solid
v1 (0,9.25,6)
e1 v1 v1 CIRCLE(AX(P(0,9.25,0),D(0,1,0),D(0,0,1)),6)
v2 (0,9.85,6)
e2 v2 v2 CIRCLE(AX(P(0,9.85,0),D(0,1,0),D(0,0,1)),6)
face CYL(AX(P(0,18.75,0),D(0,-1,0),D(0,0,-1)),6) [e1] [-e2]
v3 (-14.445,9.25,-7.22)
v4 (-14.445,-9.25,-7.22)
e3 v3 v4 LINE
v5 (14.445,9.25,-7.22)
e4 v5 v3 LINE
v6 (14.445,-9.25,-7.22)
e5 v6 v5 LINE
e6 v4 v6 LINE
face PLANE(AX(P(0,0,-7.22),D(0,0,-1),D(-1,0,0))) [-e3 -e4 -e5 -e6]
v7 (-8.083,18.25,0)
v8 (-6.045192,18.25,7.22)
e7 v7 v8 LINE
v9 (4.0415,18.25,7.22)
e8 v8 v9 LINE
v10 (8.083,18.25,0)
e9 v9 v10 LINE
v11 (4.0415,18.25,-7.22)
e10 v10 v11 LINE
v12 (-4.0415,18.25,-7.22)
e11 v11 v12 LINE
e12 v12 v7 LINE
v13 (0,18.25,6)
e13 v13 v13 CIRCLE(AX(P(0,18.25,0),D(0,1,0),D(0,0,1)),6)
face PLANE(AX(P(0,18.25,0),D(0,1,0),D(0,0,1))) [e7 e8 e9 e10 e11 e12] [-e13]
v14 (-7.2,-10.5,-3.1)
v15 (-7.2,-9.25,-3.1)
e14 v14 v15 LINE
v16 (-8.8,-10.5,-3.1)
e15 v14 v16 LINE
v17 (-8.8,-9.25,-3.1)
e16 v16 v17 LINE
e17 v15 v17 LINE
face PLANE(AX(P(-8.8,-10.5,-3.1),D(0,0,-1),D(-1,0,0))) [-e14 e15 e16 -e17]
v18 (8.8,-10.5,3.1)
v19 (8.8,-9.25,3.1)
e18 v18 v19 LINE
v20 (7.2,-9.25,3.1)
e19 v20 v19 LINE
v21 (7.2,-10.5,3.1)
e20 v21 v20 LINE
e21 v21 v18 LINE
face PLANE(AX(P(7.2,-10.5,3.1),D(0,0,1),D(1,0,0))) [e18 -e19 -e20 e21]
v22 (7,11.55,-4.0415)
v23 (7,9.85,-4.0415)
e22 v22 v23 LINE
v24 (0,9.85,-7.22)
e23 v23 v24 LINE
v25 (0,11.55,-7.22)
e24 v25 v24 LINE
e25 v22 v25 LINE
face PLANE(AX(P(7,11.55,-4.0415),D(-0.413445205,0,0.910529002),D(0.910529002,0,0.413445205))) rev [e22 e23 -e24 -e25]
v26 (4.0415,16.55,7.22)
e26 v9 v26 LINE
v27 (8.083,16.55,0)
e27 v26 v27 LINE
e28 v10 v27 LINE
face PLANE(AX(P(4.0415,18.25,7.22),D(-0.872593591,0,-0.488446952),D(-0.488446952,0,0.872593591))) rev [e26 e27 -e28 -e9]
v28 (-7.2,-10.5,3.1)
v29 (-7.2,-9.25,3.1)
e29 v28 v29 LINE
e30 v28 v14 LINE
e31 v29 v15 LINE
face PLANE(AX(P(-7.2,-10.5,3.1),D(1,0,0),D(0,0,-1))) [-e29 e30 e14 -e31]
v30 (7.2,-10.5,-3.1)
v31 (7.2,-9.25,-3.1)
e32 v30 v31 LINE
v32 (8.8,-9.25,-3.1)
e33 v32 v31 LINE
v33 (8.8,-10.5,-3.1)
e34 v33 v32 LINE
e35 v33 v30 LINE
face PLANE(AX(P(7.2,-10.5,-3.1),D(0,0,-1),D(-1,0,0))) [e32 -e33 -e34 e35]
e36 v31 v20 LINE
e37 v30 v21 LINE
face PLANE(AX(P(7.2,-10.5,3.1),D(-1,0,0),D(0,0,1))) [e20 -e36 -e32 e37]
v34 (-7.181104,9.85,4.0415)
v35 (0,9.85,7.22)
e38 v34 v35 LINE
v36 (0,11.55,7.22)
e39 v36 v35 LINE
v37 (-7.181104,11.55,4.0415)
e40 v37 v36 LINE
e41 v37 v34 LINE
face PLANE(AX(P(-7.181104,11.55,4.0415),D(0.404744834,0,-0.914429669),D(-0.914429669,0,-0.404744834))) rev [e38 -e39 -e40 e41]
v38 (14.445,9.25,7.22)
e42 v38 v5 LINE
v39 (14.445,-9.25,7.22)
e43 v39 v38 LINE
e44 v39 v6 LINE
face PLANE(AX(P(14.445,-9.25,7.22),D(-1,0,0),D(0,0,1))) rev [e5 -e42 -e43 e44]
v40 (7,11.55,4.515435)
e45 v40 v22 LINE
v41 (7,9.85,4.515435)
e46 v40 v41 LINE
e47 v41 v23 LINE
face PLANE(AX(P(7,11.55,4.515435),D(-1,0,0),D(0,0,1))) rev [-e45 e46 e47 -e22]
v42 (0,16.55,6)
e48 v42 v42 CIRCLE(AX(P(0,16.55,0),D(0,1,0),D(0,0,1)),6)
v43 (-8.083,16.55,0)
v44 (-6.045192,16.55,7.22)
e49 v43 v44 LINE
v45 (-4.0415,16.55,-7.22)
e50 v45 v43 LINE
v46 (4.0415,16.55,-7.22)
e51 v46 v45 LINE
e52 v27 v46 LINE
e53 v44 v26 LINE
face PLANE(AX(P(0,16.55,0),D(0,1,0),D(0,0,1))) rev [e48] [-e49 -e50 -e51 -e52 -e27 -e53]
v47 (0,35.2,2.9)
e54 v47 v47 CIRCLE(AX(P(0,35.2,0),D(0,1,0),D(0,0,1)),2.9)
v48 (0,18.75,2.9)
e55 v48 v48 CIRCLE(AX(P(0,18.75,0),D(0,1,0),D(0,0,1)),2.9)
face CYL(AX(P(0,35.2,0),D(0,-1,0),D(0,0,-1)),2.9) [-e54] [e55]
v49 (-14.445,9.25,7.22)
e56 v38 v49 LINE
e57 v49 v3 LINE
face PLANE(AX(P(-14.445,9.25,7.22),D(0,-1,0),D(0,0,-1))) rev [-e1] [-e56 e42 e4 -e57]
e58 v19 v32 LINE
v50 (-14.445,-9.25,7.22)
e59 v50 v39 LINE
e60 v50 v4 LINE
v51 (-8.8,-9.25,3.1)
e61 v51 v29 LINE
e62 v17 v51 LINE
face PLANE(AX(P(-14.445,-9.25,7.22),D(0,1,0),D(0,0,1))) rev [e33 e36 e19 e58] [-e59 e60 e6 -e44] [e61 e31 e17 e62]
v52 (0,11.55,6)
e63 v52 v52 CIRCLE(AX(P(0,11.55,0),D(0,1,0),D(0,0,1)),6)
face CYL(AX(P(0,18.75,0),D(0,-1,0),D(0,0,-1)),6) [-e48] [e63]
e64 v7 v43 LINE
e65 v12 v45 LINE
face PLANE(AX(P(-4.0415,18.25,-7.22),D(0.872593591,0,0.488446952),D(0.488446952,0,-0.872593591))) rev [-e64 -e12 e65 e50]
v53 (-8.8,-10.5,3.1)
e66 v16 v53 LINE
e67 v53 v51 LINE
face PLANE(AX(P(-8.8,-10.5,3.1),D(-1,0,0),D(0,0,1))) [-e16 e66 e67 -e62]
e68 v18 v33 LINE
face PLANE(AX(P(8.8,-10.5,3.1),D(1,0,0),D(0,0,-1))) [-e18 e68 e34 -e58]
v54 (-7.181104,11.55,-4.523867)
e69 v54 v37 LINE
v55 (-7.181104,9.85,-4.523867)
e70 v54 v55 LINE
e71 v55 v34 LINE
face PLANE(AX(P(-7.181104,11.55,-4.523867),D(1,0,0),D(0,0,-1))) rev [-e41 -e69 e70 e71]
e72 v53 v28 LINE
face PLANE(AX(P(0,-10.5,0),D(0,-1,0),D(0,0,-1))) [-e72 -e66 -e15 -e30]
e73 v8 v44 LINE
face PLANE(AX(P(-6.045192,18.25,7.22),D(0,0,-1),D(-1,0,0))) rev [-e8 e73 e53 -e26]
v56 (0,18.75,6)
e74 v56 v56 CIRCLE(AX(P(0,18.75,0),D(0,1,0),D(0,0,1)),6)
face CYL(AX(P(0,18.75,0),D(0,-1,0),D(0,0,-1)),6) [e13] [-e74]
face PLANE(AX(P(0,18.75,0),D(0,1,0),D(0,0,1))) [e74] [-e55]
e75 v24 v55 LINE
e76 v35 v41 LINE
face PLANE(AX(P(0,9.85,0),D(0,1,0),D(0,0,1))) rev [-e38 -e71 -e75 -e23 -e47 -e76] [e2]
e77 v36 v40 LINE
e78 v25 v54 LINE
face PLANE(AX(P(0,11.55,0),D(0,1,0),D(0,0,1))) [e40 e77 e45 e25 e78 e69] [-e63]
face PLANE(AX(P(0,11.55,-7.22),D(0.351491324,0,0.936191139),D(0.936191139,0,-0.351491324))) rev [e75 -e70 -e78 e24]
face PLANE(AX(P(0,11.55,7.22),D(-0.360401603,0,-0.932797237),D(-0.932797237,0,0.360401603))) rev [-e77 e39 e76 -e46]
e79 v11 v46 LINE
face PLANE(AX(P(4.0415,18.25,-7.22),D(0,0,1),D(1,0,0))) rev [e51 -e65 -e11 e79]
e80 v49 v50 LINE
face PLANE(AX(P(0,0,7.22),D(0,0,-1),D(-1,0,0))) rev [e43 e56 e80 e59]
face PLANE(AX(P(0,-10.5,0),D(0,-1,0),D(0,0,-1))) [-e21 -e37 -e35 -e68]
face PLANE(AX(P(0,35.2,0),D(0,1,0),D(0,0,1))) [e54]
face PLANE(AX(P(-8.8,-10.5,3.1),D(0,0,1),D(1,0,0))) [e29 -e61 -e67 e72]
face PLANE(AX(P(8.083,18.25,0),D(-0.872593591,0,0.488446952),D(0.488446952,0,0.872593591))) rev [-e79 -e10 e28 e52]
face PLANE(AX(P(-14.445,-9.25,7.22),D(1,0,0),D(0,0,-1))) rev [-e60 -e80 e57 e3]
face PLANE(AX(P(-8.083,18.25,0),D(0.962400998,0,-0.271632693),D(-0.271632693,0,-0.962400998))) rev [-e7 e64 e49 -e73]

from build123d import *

# Parameters (mm, degrees)
BODYPROFILE_W         = 28.89
BODYPROFILE_H         = 18.5
BODYBOSS_DEPTH        = 7.22
BUSHINGSTEMPROFILE_R  = 6
BUSHINGSTEM_DEPTH     = 9.5
WASHERPROFILE_R       = 6
WASHERBOSS_DEPTH      = 0.6
LOWERNUTBOSS_DEPTH    = 1.7
UPPERNUTBOSS_START    = 5
UPPERNUTBOSS_DEPTH    = 1.7
ACTUATORBASEPROFILE_R = 2.9
ACTUATORBOSS_DEPTH    = 16.45
LEFTTERMINALPROFILE_W = 1.6
LEFTTERMINALPROFILE_H = 6.2
TERMINALBOSSES_DEPTH  = 10.5


with BuildPart() as part:
    # BodyProfile → BodyBoss (new, symmetric)
    with BuildSketch(Plane.XY):
        Rectangle(BODYPROFILE_W, BODYPROFILE_H)
    extrude(amount=BODYBOSS_DEPTH, both=True)

    # BushingStemProfile → BushingStem (add)
    with BuildSketch(Plane(origin=(0, 9.25, 0), x_dir=(1, 0, 0), z_dir=(0, 1, 0))):
        with Locations(Location((0, 0, 0), (0, 0, 270))):
            Circle(BUSHINGSTEMPROFILE_R)
    extrude(amount=BUSHINGSTEM_DEPTH)

    # WasherProfile → WasherBoss (add)
    with BuildSketch(Plane(origin=(0, 9.25, 0), x_dir=(1, 0, 0), z_dir=(0, 1, 0))):
        with Locations(Location((0, 0, 0), (0, 0, 270))):
            Circle(WASHERPROFILE_R)
    extrude(amount=WASHERBOSS_DEPTH)

    # LowerNutProfile → LowerNutBoss (add)
    with BuildSketch(Plane(origin=(0, 9.85, 0), x_dir=(1, 0, 0), z_dir=(0, 1, 0))):
        Polygon((7, 4.0415), (0, 7.22), (-7.181103891, 4.52386712), (-7.181103891, -4.0415), (0, -7.22), (7, -4.515434504), align=None)
    extrude(amount=LOWERNUTBOSS_DEPTH)

    # UpperNutProfile → UpperNutBoss (add)
    with BuildSketch(Plane(origin=(0, 11.55, 0), x_dir=(1, 0, 0), z_dir=(0, 1, 0)).offset(UPPERNUTBOSS_START)):
        Polygon((8.083, 0), (4.0415, 7.22), (-4.0415, 7.22), (-8.083, 0), (-6.045192426, -7.22), (4.0415, -7.22), align=None)
    extrude(amount=UPPERNUTBOSS_DEPTH)

    # ActuatorBaseProfile → ActuatorBoss (add)
    with BuildSketch(Plane(origin=(0, 18.75, 0), x_dir=(1, 0, 0), z_dir=(0, 1, 0))):
        with Locations(Location((0, 0, 0), (0, 0, 270))):
            Circle(ACTUATORBASEPROFILE_R)
    extrude(amount=ACTUATORBOSS_DEPTH)

    # LeftTerminalProfile → TerminalBosses (add)
    with BuildSketch(Plane(origin=(0, 0, 0), x_dir=(1, 0, 0), z_dir=(0, 1, 0))):
        with Locations((-8, 0)):
            Rectangle(LEFTTERMINALPROFILE_W, LEFTTERMINALPROFILE_H)
        with Locations((8, 0)):
            Rectangle(LEFTTERMINALPROFILE_W, LEFTTERMINALPROFILE_H)
    extrude(amount=-TERMINALBOSSES_DEPTH)


solid = part.part
